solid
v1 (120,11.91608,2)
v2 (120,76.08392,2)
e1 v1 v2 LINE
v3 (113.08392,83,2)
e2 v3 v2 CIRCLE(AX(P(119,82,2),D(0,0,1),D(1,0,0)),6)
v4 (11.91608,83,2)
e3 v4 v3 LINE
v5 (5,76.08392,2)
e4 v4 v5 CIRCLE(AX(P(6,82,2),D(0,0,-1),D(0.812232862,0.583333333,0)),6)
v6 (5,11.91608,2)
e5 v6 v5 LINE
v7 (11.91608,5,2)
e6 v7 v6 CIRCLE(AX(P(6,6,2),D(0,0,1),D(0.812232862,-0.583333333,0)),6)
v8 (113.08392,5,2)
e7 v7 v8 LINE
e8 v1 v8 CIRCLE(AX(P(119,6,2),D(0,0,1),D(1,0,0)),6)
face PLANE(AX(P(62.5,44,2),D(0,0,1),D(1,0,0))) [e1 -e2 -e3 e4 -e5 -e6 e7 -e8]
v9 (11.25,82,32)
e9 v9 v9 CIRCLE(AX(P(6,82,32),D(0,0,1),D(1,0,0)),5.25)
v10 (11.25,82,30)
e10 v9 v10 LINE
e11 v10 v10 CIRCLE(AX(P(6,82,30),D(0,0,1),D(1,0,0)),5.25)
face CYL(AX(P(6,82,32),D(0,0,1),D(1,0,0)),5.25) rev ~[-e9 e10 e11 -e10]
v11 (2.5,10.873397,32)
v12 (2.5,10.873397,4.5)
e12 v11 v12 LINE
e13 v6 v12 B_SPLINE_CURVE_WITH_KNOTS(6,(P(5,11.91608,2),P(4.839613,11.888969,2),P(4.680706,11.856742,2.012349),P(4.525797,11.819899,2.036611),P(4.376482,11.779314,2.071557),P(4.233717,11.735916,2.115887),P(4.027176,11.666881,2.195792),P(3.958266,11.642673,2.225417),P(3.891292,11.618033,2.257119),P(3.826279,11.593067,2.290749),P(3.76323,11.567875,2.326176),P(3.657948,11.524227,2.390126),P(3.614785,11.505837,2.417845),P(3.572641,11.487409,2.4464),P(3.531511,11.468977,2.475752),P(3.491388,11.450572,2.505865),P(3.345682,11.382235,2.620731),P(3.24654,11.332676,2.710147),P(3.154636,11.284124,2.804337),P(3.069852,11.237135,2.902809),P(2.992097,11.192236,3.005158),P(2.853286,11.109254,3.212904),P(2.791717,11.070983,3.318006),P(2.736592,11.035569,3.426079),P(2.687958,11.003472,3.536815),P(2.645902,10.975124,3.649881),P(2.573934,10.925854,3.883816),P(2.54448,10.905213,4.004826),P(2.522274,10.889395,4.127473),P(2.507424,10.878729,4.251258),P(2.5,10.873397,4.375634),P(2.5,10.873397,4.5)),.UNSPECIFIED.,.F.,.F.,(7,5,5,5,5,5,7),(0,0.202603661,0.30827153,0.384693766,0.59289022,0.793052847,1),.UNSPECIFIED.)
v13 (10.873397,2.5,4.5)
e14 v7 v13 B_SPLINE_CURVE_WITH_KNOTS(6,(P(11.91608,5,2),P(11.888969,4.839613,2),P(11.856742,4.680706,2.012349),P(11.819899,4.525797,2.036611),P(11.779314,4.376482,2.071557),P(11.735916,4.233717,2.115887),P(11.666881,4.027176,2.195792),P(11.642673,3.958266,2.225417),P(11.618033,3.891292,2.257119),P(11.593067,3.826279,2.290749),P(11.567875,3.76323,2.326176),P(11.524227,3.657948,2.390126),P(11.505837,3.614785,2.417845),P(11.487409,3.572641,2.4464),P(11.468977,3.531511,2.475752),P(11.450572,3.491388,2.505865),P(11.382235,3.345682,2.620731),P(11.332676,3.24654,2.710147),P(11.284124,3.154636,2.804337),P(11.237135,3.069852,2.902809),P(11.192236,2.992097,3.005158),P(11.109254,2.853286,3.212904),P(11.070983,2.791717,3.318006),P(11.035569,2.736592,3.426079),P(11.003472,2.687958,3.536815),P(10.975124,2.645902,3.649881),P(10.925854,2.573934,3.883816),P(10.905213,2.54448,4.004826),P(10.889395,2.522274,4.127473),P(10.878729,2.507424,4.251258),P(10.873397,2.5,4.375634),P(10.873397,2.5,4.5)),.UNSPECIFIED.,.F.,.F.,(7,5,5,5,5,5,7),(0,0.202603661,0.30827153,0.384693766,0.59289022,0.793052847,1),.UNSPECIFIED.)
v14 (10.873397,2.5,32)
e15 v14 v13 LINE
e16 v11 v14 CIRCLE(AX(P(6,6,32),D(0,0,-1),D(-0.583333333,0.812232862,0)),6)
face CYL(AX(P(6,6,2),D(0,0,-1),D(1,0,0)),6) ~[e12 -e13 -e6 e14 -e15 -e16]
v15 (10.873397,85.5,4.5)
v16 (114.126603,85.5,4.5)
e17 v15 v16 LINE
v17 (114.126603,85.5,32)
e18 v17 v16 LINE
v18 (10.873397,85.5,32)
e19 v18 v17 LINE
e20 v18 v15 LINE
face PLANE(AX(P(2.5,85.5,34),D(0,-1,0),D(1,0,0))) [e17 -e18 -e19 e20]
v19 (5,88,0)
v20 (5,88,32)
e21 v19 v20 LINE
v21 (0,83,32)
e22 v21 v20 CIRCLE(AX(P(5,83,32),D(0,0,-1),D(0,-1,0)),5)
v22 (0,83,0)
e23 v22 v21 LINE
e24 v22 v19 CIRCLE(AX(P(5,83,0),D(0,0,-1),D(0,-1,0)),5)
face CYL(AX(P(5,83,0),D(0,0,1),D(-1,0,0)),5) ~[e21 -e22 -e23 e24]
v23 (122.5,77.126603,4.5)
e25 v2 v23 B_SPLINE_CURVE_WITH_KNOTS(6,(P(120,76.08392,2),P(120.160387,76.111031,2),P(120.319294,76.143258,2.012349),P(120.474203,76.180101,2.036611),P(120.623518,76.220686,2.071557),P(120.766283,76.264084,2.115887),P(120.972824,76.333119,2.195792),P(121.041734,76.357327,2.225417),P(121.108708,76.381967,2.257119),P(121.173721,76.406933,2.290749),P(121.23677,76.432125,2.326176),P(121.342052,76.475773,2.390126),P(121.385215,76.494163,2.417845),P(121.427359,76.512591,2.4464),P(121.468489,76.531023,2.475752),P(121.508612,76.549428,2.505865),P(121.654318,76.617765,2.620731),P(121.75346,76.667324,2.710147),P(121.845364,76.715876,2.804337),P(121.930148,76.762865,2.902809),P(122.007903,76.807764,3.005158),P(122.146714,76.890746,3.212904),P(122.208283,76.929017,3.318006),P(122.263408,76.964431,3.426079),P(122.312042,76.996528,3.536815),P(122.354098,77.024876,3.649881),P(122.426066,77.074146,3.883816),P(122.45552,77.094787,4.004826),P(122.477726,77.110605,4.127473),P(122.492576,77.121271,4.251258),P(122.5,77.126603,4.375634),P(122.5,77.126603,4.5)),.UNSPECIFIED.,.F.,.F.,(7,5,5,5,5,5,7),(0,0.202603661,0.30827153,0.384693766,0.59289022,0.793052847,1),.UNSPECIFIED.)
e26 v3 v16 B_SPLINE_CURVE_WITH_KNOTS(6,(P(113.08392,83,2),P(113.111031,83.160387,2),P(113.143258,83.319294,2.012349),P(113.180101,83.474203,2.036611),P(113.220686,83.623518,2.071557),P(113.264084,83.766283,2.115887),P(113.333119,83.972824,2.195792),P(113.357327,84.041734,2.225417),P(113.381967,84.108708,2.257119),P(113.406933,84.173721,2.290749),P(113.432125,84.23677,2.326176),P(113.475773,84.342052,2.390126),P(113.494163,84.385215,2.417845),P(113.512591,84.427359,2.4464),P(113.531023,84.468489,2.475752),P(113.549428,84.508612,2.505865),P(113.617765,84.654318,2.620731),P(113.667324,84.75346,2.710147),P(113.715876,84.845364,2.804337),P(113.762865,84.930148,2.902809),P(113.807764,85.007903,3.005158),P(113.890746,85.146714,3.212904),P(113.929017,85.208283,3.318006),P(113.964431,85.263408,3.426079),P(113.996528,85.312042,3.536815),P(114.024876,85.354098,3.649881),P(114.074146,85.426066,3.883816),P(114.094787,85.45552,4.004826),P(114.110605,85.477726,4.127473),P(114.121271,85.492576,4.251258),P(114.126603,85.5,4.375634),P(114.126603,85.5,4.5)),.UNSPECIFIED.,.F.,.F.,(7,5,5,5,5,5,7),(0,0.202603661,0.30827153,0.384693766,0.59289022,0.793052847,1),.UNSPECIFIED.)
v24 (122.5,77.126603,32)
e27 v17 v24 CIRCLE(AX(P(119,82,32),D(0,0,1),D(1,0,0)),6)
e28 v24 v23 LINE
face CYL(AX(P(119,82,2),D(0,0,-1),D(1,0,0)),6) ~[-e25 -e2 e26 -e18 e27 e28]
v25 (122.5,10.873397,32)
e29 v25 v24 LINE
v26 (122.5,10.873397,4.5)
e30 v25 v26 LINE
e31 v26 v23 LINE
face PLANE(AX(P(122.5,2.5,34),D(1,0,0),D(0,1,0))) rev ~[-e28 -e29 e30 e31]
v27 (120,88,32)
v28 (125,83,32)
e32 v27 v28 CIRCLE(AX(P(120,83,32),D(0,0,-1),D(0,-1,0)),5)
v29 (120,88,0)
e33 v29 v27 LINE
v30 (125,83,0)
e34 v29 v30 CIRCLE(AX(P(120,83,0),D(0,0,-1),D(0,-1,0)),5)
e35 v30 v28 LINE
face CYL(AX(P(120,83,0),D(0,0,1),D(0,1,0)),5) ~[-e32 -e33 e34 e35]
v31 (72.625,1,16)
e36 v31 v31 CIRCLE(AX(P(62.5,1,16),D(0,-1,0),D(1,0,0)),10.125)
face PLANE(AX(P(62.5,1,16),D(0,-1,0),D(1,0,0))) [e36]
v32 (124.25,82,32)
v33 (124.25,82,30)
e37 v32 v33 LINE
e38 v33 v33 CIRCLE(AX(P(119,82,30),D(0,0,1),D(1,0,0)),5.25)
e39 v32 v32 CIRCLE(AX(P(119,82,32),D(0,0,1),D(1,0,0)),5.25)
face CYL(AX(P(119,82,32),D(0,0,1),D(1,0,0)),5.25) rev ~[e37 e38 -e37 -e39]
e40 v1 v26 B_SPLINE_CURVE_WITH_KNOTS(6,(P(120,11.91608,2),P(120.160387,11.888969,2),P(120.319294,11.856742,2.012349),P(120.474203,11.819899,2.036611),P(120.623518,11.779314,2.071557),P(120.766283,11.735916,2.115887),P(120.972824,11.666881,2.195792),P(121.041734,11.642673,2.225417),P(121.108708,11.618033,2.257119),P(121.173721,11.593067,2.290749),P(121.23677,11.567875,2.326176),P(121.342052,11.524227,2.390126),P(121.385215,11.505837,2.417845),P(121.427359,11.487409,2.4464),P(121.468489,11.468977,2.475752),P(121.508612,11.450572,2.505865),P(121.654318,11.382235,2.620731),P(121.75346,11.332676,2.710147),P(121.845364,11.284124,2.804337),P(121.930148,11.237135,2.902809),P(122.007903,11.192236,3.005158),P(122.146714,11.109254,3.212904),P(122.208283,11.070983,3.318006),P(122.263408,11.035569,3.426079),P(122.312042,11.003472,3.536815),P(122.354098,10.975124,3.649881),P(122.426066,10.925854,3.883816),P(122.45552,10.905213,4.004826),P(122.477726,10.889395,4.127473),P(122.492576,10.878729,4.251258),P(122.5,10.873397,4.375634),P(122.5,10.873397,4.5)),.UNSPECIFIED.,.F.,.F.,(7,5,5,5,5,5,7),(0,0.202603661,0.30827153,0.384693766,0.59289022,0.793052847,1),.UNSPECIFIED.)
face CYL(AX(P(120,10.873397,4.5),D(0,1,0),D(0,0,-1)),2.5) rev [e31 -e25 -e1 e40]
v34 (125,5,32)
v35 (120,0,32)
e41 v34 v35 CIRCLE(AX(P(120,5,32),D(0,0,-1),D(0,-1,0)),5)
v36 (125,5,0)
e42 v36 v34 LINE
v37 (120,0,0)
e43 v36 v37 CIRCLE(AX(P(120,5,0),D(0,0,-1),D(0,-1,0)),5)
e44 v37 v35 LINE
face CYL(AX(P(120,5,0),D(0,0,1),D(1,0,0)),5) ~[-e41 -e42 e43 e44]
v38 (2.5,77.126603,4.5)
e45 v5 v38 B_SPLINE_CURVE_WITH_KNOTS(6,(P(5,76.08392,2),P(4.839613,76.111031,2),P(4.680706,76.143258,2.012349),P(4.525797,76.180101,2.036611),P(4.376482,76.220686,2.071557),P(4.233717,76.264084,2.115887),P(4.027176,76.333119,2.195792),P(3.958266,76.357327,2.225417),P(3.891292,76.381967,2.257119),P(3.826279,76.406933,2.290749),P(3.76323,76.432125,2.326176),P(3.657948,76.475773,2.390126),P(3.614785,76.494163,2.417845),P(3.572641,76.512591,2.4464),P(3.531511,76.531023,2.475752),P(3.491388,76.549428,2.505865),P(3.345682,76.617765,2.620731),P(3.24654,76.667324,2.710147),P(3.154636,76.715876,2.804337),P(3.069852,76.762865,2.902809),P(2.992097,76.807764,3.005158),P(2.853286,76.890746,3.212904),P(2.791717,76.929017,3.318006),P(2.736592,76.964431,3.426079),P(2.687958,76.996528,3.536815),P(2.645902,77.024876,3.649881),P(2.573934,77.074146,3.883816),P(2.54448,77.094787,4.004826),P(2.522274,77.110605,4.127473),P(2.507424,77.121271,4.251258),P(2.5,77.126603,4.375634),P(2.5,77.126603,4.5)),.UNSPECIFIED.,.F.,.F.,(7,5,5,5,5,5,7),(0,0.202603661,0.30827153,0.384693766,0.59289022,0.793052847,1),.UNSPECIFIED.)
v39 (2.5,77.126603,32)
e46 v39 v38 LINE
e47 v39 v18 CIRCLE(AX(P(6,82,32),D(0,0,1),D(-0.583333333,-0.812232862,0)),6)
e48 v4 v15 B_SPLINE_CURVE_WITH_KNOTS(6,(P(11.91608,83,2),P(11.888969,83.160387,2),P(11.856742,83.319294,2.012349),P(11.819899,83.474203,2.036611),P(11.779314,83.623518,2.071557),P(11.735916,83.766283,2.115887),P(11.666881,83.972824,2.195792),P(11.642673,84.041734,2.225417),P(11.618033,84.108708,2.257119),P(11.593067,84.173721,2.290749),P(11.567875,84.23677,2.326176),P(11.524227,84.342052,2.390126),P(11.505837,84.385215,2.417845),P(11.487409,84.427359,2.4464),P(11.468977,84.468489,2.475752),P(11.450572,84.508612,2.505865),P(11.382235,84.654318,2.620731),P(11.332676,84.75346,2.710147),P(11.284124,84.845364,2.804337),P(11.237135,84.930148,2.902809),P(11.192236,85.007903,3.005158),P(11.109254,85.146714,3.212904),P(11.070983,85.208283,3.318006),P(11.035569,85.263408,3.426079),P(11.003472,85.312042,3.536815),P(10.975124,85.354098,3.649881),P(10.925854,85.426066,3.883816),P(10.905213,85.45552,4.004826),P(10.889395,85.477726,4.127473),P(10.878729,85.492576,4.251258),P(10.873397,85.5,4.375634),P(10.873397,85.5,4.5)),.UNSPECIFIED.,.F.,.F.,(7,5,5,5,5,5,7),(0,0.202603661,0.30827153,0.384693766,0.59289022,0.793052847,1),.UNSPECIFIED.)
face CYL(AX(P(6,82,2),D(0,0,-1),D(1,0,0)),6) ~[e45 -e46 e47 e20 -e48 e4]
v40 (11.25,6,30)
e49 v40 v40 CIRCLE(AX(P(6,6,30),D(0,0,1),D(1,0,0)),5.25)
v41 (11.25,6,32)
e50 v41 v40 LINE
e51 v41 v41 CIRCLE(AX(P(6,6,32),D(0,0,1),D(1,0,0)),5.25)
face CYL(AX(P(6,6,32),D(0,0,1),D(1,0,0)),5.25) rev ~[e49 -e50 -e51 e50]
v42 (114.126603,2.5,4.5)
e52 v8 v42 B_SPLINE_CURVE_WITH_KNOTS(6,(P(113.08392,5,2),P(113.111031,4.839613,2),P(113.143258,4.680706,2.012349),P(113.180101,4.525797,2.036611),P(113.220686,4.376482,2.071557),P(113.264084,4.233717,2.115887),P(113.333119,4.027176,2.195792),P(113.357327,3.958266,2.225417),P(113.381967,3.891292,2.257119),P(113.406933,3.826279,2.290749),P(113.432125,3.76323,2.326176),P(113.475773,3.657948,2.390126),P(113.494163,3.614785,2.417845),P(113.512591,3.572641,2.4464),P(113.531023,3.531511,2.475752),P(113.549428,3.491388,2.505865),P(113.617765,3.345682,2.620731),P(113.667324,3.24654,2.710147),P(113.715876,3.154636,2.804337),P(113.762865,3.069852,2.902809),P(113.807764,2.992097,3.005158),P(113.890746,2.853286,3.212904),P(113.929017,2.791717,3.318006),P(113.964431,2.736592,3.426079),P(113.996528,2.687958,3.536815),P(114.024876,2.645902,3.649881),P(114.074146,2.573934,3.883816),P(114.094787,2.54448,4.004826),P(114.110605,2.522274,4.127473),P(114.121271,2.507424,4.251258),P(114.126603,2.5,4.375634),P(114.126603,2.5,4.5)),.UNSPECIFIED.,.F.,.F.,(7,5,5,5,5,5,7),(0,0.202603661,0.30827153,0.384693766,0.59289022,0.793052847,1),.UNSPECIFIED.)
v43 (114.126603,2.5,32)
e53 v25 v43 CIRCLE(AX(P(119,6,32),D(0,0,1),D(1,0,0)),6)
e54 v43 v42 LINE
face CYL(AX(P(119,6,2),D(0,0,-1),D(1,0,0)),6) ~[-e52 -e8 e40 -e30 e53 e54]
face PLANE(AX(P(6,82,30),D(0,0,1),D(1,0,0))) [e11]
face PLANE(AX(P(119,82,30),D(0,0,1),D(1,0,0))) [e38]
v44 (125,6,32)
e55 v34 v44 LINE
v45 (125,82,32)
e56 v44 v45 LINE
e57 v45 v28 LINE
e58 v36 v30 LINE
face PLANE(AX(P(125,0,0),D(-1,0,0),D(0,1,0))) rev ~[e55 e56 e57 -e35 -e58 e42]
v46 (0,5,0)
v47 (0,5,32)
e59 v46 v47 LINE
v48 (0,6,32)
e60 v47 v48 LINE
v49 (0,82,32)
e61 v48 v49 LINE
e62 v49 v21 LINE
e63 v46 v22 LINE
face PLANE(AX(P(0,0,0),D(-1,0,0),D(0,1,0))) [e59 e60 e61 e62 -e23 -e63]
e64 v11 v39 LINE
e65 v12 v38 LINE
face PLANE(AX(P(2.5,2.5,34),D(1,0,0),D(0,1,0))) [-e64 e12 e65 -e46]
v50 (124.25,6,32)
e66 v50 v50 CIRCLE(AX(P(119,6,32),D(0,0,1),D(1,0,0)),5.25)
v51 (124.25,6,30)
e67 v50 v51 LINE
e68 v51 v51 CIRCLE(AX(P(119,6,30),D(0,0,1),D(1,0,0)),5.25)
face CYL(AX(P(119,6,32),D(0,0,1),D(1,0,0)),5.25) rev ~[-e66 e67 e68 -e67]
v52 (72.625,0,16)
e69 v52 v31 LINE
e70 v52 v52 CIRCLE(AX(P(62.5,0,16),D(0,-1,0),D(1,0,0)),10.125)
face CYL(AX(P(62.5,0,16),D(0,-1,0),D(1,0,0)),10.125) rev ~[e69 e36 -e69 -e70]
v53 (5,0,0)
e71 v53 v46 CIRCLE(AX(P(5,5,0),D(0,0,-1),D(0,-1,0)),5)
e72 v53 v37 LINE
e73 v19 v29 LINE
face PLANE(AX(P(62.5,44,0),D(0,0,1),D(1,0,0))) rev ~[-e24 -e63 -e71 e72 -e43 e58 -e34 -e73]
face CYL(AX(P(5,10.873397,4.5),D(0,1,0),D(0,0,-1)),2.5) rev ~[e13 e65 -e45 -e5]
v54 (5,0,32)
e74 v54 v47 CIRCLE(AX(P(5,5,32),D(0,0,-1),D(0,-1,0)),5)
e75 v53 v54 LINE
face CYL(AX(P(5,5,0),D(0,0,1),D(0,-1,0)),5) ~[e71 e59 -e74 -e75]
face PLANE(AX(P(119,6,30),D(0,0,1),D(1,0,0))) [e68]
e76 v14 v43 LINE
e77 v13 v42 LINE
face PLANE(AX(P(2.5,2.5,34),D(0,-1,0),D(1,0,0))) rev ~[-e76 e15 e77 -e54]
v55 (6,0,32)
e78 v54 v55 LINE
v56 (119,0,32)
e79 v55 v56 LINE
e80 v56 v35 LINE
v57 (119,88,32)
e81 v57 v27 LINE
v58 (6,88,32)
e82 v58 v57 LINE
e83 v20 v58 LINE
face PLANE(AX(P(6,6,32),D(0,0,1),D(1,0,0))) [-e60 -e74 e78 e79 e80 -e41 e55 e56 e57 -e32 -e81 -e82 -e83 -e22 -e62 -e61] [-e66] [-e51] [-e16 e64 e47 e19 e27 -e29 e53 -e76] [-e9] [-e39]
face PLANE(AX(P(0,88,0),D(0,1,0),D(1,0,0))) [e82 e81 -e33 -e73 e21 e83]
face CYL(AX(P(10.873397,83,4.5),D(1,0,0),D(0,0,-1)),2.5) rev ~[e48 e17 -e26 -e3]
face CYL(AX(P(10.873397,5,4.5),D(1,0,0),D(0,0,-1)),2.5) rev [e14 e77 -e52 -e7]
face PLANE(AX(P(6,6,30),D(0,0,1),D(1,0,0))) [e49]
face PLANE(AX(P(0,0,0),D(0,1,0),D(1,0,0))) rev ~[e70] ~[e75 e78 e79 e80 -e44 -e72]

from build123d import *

# Parameters (mm, degrees)
SKETCH_W        = 125
SKETCH_H        = 88
PAD_DEPTH       = 32
SKETCH001_W     = 120
SKETCH001_H     = 83
POCKET_DEPTH    = 32
SKETCH002_R     = 6
PAD001_DEPTH    = 30
SKETCH003_R     = 5.25
POCKET001_DEPTH = 2
FILLET_R        = 2.5
FILLET001_R     = 2.5
FILLET002_R     = 2.5
FILLET003_R     = 2.5
FILLET004_R     = 5
FILLET005_R     = 5
FILLET006_R     = 5
FILLET007_R     = 5
SKETCH004_R     = 10.125
POCKET002_DEPTH = 1


with BuildPart() as part:
    # Sketch → Pad (new body)
    with BuildSketch(Plane.XY):
        with Locations((62.5, 44)):
            Rectangle(SKETCH_W, SKETCH_H)
    extrude(amount=PAD_DEPTH)

    # Sketch001 → Pocket (cut)
    with BuildSketch(Plane.XY.offset(34)):
        with Locations((62.5, 44)):
            Rectangle(SKETCH001_W, SKETCH001_H)
    extrude(amount=-POCKET_DEPTH, mode=Mode.SUBTRACT)

    # Sketch002 (on Face11 of Pocket) → Pad001 (join)
    with BuildSketch(Plane.XY.offset(2)):
        with Locations((6, 6)):
            Circle(SKETCH002_R)
        with Locations((6, 82)):
            Circle(SKETCH002_R)
        with Locations((119, 82)):
            Circle(SKETCH002_R)
        with Locations((119, 6)):
            Circle(SKETCH002_R)
    extrude(amount=PAD001_DEPTH)

    # Sketch003 (on Face27 of Pad001) → Pocket001 (cut)
    with BuildSketch(Plane.XY.offset(32)):
        with Locations((6, 6)):
            Circle(SKETCH003_R)
        with Locations((6, 82)):
            Circle(SKETCH003_R)
        with Locations((119, 82)):
            Circle(SKETCH003_R)
        with Locations((119, 6)):
            Circle(SKETCH003_R)
    extrude(amount=-POCKET001_DEPTH, mode=Mode.SUBTRACT)

    # Fillet
    fillet_edges = [part.edges().sort_by_distance(p)[0] for p in [
        (62.5, 2.5, 2),
    ]]
    fillet(fillet_edges, radius=FILLET_R)

    # Fillet001
    fillet001_edges = [part.edges().sort_by_distance(p)[0] for p in [
        (122.5, 44, 2),
    ]]
    fillet(fillet001_edges, radius=FILLET001_R)

    # Fillet002
    fillet002_edges = [part.edges().sort_by_distance(p)[0] for p in [
        (62.5, 85.5, 2),
    ]]
    fillet(fillet002_edges, radius=FILLET002_R)

    # Fillet003
    fillet003_edges = [part.edges().sort_by_distance(p)[0] for p in [
        (2.5, 44, 2),
    ]]
    fillet(fillet003_edges, radius=FILLET003_R)

    # Fillet004
    fillet004_edges = [part.edges().sort_by_distance(p)[0] for p in [
        (125, 88, 16),
    ]]
    fillet(fillet004_edges, radius=FILLET004_R)

    # Fillet005
    fillet005_edges = [part.edges().sort_by_distance(p)[0] for p in [
        (125, 0, 16),
    ]]
    fillet(fillet005_edges, radius=FILLET005_R)

    # Fillet006
    fillet006_edges = [part.edges().sort_by_distance(p)[0] for p in [
        (0, 0, 16),
    ]]
    fillet(fillet006_edges, radius=FILLET006_R)

    # Fillet007
    fillet007_edges = [part.edges().sort_by_distance(p)[0] for p in [
        (0, 88, 16),
    ]]
    fillet(fillet007_edges, radius=FILLET007_R)

    # Sketch004 (on Face6 of Fillet007) → Pocket002 (cut)
    with BuildSketch(Plane.XZ):
        with Locations((62.5, 16)):
            Circle(SKETCH004_R)
    extrude(amount=-POCKET002_DEPTH, mode=Mode.SUBTRACT)


solid = part.part
